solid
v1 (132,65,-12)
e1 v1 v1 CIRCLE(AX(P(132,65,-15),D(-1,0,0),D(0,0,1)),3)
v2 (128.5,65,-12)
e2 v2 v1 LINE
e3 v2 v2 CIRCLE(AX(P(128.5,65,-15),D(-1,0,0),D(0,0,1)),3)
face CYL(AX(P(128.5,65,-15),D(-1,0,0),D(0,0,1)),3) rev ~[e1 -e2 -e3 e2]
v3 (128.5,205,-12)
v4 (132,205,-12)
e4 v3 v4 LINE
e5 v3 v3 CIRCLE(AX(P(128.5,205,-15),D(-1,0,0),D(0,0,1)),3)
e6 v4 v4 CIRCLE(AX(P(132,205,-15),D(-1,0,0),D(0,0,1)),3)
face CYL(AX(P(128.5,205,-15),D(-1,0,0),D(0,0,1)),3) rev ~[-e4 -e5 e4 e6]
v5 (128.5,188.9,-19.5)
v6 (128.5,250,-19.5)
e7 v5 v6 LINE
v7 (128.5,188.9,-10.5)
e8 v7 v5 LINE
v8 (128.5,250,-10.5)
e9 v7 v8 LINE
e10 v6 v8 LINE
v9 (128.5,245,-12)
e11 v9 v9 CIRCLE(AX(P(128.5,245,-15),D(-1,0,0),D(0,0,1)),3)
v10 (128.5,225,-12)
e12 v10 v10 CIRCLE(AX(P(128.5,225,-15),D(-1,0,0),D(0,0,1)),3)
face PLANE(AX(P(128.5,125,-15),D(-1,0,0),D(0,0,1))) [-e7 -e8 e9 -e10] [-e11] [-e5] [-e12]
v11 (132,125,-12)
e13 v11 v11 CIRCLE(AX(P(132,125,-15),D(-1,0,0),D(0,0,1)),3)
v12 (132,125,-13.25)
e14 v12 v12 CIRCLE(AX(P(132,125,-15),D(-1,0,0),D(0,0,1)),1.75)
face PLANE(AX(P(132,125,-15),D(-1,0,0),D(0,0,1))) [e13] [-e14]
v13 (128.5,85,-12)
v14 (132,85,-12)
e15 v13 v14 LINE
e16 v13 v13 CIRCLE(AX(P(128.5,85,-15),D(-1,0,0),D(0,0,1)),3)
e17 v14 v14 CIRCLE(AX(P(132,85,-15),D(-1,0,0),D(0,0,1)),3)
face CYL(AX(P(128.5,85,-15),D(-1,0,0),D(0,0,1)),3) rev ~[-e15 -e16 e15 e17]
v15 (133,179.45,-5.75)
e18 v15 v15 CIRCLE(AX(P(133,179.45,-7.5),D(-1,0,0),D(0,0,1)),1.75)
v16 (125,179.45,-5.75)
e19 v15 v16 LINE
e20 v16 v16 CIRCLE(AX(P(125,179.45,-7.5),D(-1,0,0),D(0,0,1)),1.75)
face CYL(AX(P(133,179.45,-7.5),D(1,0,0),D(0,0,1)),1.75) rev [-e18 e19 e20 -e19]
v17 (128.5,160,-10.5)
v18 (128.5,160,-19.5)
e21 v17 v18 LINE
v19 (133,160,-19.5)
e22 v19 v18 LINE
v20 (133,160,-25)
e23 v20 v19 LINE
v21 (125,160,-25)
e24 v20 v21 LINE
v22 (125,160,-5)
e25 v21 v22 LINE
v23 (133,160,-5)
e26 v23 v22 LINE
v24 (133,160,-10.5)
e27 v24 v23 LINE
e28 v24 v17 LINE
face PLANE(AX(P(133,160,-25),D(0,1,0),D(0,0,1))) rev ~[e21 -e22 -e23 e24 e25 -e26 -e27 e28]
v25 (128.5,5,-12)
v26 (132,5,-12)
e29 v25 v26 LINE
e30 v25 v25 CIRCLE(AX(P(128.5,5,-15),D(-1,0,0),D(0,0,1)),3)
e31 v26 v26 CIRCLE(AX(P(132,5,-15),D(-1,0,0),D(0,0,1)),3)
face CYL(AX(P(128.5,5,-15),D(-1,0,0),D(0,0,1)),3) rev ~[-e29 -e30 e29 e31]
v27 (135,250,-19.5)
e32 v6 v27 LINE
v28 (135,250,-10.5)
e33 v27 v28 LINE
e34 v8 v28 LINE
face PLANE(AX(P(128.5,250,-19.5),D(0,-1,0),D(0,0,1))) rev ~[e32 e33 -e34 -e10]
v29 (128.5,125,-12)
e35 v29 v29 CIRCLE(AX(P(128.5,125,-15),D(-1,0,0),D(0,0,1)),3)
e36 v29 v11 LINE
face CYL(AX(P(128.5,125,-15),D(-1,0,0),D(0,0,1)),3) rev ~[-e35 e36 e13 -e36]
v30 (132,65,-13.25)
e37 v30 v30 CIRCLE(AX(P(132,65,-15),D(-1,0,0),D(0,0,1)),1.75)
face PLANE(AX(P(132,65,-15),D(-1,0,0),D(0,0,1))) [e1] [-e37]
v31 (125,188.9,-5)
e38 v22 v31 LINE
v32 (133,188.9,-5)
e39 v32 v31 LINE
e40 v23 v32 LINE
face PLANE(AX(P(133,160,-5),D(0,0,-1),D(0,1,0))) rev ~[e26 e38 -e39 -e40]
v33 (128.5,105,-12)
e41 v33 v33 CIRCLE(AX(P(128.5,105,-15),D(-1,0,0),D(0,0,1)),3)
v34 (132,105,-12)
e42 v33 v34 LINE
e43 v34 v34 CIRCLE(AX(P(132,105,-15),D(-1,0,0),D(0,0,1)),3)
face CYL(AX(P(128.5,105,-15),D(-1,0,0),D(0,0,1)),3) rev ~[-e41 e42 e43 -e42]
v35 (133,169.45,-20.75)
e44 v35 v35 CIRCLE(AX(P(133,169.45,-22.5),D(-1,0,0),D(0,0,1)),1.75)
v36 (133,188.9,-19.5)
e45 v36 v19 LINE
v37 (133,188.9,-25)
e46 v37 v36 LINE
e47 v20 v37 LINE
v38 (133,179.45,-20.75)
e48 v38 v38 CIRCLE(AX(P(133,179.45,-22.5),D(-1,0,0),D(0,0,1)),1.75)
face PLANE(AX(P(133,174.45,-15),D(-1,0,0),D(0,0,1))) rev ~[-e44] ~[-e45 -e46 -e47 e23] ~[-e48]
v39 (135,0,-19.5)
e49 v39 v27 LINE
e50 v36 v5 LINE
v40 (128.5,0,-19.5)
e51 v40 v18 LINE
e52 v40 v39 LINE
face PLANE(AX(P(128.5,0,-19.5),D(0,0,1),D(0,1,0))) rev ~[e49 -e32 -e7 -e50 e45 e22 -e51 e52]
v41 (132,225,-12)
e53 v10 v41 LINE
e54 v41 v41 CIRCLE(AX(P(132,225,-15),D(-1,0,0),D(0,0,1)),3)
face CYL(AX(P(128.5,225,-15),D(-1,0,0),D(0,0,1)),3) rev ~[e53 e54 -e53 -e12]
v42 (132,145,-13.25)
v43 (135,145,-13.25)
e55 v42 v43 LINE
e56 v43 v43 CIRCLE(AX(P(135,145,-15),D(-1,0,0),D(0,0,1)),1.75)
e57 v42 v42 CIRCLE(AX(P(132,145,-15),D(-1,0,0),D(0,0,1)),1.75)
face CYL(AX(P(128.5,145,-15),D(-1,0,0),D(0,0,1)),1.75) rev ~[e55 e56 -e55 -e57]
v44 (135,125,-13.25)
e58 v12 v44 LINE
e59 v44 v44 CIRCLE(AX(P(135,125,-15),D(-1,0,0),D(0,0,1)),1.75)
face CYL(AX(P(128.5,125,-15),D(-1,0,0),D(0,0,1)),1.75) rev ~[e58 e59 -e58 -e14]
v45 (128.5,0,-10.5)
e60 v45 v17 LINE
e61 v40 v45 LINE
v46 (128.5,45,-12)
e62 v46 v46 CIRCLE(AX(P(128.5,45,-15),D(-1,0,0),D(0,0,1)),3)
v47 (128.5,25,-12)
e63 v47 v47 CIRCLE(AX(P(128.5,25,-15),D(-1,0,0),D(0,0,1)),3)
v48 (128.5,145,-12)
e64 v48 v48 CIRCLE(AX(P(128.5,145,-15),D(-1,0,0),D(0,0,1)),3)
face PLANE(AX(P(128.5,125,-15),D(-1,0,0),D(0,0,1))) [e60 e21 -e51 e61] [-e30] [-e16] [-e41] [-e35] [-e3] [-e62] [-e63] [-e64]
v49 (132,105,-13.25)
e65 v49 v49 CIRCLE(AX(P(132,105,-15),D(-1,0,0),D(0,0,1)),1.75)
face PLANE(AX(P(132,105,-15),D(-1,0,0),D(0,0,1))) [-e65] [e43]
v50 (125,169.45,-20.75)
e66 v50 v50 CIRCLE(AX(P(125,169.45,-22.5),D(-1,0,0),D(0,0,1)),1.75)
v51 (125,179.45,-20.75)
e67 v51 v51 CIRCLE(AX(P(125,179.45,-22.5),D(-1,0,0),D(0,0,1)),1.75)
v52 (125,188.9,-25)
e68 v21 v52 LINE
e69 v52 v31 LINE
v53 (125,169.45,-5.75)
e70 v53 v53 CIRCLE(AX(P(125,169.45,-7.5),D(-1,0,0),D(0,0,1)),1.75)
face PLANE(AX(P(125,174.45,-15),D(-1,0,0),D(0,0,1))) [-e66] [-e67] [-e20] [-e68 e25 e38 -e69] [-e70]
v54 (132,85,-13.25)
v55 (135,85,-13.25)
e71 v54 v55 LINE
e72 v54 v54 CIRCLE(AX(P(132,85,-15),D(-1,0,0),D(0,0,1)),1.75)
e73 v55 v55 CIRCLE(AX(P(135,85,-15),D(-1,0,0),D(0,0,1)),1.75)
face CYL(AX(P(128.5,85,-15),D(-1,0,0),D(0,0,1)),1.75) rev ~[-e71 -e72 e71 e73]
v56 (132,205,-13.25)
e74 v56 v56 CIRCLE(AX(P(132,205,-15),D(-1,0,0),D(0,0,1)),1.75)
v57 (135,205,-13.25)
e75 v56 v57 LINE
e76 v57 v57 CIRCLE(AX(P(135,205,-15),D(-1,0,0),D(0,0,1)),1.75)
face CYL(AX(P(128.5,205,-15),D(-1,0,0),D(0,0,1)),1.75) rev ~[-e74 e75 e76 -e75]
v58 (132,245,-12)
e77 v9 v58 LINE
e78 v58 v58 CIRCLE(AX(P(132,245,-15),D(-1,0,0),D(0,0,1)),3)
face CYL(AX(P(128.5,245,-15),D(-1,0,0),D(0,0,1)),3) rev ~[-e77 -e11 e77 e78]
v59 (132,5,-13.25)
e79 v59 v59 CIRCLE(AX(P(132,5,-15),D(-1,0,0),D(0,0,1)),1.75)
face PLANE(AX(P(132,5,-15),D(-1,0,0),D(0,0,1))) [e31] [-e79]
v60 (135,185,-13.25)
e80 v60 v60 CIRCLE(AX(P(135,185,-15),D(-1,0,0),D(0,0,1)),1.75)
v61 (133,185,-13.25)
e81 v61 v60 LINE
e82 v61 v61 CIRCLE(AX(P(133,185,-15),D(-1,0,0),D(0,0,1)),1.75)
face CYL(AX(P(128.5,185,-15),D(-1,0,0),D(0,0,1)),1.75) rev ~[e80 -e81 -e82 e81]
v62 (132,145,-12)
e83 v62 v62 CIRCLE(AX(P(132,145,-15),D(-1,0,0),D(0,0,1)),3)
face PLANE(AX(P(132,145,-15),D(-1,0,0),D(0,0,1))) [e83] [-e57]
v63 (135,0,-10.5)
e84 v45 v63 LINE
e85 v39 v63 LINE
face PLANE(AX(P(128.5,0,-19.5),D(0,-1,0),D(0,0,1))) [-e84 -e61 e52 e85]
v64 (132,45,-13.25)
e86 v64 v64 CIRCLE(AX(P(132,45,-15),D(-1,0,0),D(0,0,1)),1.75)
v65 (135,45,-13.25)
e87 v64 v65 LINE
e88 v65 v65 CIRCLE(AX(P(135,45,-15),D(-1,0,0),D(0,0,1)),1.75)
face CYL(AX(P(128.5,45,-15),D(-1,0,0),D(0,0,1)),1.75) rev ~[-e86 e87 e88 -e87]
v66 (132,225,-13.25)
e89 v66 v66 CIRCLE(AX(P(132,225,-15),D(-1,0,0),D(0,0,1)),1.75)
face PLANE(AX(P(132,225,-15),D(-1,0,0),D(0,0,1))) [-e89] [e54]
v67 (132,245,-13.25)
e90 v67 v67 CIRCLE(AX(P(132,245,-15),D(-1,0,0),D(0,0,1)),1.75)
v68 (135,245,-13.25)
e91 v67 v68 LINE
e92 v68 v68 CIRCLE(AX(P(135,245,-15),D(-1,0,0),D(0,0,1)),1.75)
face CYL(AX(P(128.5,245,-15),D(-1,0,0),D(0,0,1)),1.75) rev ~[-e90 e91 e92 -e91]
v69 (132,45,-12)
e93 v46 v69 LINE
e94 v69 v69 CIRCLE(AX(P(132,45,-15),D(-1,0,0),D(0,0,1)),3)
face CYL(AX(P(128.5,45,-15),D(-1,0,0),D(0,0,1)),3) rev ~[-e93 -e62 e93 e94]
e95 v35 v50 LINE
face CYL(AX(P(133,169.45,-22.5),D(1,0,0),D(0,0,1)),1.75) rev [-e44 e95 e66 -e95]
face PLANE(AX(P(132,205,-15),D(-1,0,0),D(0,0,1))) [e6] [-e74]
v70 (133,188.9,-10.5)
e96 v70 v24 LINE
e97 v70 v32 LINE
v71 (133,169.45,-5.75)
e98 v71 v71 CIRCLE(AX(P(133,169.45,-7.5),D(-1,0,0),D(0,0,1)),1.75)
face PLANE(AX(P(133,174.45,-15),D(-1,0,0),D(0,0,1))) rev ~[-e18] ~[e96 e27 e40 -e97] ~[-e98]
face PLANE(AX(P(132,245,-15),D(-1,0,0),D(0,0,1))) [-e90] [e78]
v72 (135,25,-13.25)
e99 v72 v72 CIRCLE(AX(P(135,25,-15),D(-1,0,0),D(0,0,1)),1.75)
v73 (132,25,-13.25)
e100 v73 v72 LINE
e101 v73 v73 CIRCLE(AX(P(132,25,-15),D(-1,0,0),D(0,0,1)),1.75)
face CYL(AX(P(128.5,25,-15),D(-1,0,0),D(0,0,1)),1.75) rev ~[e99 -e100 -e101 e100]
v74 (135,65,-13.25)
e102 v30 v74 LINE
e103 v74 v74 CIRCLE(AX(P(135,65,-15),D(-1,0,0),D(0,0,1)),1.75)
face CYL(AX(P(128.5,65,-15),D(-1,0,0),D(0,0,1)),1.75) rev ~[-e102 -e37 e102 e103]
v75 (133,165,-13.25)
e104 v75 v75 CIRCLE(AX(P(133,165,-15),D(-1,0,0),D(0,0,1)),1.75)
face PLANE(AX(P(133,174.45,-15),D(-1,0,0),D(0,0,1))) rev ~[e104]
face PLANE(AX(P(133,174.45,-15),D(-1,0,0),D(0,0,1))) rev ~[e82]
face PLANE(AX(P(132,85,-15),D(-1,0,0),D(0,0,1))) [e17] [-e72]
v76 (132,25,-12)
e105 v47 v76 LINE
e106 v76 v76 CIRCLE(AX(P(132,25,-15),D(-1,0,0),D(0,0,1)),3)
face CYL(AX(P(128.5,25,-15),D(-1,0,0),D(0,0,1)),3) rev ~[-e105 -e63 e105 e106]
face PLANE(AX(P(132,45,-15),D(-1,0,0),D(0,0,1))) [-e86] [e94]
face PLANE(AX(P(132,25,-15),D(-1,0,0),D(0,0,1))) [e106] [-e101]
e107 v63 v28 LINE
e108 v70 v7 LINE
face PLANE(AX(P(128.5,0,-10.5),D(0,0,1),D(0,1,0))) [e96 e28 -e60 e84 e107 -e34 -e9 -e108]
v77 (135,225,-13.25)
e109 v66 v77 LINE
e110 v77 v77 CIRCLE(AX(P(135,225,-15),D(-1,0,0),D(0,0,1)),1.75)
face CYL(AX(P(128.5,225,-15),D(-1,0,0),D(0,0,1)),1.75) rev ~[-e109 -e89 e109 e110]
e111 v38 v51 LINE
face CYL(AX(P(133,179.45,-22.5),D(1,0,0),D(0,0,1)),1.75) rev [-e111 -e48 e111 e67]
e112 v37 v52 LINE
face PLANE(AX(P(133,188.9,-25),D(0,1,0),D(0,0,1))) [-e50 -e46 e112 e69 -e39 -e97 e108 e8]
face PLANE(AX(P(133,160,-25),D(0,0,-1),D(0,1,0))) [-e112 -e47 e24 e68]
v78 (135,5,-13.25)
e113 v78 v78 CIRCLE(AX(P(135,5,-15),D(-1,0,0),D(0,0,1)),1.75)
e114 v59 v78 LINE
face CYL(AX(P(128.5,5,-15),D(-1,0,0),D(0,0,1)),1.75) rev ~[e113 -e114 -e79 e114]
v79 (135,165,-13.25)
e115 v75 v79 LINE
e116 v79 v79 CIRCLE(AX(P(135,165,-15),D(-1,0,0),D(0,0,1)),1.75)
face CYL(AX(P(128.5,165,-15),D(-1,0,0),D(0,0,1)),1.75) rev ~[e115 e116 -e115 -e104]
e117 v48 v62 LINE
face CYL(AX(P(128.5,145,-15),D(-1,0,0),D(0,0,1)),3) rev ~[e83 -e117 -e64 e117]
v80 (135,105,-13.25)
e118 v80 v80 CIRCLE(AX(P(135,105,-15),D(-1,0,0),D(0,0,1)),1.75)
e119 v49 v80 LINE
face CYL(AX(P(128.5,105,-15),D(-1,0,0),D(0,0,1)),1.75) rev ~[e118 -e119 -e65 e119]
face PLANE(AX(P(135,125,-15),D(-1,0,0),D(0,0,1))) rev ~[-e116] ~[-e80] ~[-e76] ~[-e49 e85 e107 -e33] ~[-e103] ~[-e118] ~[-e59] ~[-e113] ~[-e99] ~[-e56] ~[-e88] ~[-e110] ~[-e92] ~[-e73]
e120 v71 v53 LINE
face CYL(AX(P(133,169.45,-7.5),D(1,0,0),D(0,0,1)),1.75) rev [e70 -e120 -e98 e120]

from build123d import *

# Parameters (mm, degrees)
SKETCH026_W             = 9
SKETCH026_H             = 250
PAD014_DEPTH            = 6.5
SKETCH027_R             = 1.75
POCKET010_DEPTH         = 6.5
LINEARPATTERN005_COUNT  = 13
LINEARPATTERN005_PITCH  = 20
SKETCH028_R             = 3
POCKET011_DEPTH         = 3.5
LINEARPATTERN004_COUNT  = 13
LINEARPATTERN004_PITCH  = 20
SKETCH025_W             = 20
SKETCH025_H             = 28.9
SKETCH025_R             = 1.75
PAD015_DEPTH            = 8
BODY006_PLACEMENT_ANGLE = 90


with BuildPart() as part:
    # Sketch026 → Pad014 (new body)
    with BuildSketch(Plane.XY):
        with Locations((0, 125)):
            Rectangle(SKETCH026_W, SKETCH026_H)
    extrude(amount=-PAD014_DEPTH)

    # Sketch027 → Pocket010 (cut)
    with BuildSketch(Plane.XY):
        with Locations((0, 5)):
            Circle(SKETCH027_R)
    pocket010 = extrude(amount=-POCKET010_DEPTH, mode=Mode.SUBTRACT)

    # LinearPattern005: Pocket010 ×13
    with Locations(*[(0, i * LINEARPATTERN005_PITCH, 0) for i in range(1, LINEARPATTERN005_COUNT)]):
        add(pocket010, mode=Mode.SUBTRACT)

    # Sketch028 → Pocket011 (cut)
    with BuildSketch(Plane.XY):
        with Locations((0, 5)):
            Circle(SKETCH028_R)
    pocket011 = extrude(amount=-POCKET011_DEPTH, mode=Mode.SUBTRACT)

    # LinearPattern004: Pocket011 ×13
    with Locations(*[(0, i * LINEARPATTERN004_PITCH, 0) for i in range(1, LINEARPATTERN004_COUNT)]):
        add(pocket011, mode=Mode.SUBTRACT)

    # Sketch025 → Pad015 (join)
    with BuildSketch(Plane.XY.offset(-4.5)):
        with Locations((0, 174.45)):
            Rectangle(SKETCH025_W, SKETCH025_H)
        with Locations((-7.5, 179.45)):
            Circle(SKETCH025_R, mode=Mode.SUBTRACT)
        with Locations((7.5, 179.45)):
            Circle(SKETCH025_R, mode=Mode.SUBTRACT)
        with Locations((7.5, 169.45)):
            Circle(SKETCH025_R, mode=Mode.SUBTRACT)
        with Locations((-7.5, 169.45)):
            Circle(SKETCH025_R, mode=Mode.SUBTRACT)
    extrude(amount=PAD015_DEPTH)


with BuildPart() as part_1:
    # Body006 placement: moved
    add(part.part.moved(Location((128.5, 0, -15))).rotate(Axis((128.5, 0, -15), (0, -1, 0)), BODY006_PLACEMENT_ANGLE))


solid = part_1.part
